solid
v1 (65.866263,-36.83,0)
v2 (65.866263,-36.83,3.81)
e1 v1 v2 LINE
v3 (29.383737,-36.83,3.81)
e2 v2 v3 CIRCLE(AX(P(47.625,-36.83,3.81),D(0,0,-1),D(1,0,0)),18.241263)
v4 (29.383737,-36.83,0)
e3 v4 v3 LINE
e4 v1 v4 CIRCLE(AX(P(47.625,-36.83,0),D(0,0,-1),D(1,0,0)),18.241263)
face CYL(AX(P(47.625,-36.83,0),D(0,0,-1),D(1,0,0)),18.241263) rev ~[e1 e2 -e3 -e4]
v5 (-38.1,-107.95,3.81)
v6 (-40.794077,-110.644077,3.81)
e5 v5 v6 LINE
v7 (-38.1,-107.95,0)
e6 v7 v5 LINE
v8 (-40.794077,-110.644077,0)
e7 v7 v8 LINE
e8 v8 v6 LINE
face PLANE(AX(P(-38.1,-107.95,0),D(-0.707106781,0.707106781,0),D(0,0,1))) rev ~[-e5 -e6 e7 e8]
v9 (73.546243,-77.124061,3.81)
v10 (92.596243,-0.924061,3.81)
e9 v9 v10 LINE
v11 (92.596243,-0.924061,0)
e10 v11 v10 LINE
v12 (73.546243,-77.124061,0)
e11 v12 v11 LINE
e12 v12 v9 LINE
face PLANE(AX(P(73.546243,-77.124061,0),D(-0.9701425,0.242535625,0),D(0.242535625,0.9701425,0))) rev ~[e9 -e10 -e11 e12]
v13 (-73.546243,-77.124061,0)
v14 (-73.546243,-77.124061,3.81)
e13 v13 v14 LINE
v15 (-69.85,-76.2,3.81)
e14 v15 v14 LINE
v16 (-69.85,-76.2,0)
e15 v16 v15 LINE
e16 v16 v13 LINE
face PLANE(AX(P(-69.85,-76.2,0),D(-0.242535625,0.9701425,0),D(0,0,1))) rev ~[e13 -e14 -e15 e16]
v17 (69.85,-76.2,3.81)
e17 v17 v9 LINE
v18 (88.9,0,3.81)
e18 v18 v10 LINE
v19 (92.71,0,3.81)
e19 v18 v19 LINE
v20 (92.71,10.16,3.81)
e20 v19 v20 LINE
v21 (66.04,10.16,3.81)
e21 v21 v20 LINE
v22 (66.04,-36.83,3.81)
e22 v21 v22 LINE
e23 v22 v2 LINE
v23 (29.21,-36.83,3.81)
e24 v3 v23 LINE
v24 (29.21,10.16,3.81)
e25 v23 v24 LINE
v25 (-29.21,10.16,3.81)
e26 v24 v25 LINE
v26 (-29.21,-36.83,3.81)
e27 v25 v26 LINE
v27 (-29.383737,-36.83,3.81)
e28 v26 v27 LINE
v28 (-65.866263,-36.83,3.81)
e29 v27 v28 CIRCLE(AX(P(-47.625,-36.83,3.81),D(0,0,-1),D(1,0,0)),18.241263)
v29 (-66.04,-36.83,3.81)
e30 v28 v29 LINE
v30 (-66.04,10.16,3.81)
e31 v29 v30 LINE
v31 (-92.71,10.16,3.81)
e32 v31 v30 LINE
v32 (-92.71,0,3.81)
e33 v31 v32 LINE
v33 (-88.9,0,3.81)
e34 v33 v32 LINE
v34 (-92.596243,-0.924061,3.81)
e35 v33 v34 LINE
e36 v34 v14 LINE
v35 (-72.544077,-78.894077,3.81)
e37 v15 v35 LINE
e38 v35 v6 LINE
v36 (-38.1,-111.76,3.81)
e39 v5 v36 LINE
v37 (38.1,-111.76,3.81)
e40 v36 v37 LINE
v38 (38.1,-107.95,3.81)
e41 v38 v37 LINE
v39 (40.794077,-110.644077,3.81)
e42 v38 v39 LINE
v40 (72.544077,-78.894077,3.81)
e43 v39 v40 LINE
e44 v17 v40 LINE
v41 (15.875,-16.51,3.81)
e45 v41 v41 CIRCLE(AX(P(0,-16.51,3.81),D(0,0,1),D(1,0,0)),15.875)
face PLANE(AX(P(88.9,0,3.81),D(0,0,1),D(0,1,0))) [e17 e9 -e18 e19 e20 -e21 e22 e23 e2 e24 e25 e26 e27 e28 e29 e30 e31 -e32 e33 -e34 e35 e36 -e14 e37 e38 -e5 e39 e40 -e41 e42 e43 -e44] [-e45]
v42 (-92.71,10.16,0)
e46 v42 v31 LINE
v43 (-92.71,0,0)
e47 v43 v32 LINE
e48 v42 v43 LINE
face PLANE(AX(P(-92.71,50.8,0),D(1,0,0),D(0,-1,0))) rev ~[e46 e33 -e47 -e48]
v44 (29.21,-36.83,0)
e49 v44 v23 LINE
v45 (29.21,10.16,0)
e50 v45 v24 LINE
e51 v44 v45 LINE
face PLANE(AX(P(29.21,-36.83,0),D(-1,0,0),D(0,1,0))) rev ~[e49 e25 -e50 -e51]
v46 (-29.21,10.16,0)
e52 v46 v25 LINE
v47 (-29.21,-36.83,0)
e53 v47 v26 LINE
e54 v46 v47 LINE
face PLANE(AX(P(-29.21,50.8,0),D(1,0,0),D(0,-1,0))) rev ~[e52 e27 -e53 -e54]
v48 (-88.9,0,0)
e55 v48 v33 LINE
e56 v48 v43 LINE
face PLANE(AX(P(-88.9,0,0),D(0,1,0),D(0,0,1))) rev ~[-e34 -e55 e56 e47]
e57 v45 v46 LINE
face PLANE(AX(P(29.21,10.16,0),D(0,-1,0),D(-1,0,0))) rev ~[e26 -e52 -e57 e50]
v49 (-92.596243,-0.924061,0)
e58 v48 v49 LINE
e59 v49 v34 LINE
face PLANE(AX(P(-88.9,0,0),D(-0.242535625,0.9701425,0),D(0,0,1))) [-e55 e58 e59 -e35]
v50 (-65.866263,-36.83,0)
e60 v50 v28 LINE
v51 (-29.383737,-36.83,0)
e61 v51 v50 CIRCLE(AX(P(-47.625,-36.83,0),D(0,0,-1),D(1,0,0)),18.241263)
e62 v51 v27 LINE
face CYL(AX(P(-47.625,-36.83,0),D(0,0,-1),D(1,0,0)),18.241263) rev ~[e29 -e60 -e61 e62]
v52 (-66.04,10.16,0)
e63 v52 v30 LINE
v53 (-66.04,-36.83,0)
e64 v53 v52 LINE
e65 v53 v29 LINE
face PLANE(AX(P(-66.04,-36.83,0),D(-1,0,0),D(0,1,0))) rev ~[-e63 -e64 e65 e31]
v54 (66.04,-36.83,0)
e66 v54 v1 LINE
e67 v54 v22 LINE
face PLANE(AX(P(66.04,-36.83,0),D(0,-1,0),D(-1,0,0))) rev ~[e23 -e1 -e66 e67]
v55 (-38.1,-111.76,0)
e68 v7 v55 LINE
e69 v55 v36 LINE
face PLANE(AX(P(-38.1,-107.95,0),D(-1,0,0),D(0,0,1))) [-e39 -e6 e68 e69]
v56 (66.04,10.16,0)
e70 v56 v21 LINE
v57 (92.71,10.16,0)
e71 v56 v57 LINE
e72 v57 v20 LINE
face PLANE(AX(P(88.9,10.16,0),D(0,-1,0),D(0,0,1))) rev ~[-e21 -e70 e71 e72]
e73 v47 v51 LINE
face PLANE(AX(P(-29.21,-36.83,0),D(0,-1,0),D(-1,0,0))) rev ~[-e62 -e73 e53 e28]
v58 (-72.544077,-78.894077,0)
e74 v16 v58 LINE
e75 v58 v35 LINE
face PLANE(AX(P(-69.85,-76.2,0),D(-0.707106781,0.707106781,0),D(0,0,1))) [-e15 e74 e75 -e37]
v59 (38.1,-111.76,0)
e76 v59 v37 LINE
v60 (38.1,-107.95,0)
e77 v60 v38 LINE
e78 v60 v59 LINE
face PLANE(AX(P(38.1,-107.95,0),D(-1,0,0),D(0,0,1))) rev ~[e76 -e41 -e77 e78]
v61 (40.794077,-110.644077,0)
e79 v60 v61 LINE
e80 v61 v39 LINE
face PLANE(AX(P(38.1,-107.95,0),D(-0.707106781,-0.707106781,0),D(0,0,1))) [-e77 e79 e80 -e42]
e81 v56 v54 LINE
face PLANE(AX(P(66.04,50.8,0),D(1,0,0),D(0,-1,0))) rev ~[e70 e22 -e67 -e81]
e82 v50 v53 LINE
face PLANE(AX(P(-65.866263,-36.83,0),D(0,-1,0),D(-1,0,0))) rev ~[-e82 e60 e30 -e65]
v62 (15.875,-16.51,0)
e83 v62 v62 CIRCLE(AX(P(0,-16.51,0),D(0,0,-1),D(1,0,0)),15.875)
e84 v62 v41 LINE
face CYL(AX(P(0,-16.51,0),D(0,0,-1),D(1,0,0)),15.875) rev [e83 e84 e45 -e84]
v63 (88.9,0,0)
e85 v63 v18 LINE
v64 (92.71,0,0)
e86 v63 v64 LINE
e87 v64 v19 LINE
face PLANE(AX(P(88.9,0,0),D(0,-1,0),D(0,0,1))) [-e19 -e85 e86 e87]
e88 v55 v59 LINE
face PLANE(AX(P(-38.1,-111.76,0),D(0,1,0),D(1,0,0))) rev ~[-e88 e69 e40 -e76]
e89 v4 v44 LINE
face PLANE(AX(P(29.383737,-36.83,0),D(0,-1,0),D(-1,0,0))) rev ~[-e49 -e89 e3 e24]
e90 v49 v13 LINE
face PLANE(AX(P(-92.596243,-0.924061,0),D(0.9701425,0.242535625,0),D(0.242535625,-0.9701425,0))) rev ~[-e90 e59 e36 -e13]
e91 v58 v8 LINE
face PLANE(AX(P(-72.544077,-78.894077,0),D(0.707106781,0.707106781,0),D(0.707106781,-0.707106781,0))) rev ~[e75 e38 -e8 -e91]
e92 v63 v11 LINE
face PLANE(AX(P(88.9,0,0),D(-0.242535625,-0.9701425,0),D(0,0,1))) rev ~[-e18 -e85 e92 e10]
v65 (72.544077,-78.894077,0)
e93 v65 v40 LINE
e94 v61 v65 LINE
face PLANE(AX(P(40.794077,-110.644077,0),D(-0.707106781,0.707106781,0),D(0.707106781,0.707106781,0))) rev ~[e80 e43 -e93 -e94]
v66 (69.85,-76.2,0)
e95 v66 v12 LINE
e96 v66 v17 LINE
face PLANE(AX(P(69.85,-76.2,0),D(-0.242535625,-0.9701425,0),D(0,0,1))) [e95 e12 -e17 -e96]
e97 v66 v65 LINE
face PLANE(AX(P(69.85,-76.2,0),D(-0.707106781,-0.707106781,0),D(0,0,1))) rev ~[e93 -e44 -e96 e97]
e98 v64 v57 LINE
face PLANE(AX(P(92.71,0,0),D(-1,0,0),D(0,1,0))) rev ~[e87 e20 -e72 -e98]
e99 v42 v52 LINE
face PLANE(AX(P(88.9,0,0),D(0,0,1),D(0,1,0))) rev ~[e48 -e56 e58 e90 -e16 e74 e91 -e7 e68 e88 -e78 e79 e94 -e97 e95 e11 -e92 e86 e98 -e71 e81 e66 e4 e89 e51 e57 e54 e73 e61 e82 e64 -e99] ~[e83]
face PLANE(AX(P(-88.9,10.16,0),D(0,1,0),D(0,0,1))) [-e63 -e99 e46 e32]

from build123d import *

# Parameters (mm, degrees)
F0_R      = 15.875
F1_DEPTH  = 3.81
F3_DEPTH  = 40.64
F4_DEPTH  = 3.81
F5_DEPTH  = 3.81
F6_DEPTH  = 3.81
F7_DEPTH  = 3.81
F8_DEPTH  = 3.81
F9_DEPTH  = 3.81
F10_DEPTH = 3.81


with BuildPart() as f1:
    # F0 (on Top) → F1 (new body)
    with BuildSketch(Plane.XY):
        with BuildLine():
            Line((-66.04, 50.8), (-88.9, 50.8))
            Line((-88.9, 50.8), (-88.9, 0))
            Line((-88.9, 0), (-69.85, -76.2))
            Line((-69.85, -76.2), (-38.1, -107.95))
            Line((-38.1, -107.95), (0, -107.95))
            Line((0, -107.95), (38.1, -107.95))
            Line((38.1, -107.95), (69.85, -76.2))
            Line((69.85, -76.2), (88.9, 0))
            Line((88.9, 0), (88.9, 50.8))
            Line((88.9, 50.8), (66.04, 50.8))
            Line((66.04, 50.8), (66.04, 1.27))
            Line((66.04, 1.27), (66.04, -36.83))
            Line((66.04, -36.83), (65.8662626902, -36.83))
            ThreePointArc((65.8662626902, -36.83), (47.625, -55.0712626902), (29.3837373098, -36.83))
            Line((29.3837373098, -36.83), (29.21, -36.83))
            Line((29.21, -36.83), (29.21, 1.27))
            Line((29.21, 1.27), (29.21, 50.8))
            Line((29.21, 50.8), (0, 50.8))
            Line((0, 50.8), (-29.21, 50.8))
            Line((-29.21, 50.8), (-29.21, 1.27))
            Line((-29.21, 1.27), (-29.21, -36.83))
            Line((-29.21, -36.83), (-29.3837373098, -36.83))
            ThreePointArc((-29.3837373098, -36.83), (-47.625, -55.0712626902), (-65.8662626902, -36.83))
            Line((-65.8662626902, -36.83), (-66.04, -36.83))
            Line((-66.04, -36.83), (-66.04, 1.27))
            Line((-66.04, 1.27), (-66.04, 50.8))
        make_face()
        with Locations((0, -16.51)):
            Circle(F0_R, mode=Mode.SUBTRACT)
    extrude(amount=F1_DEPTH)

    # F2: F1 across plane


with BuildPart() as f1_1:
    add(f1.part)
    add(f1.part.mirror(Plane.YZ), mode=Mode.INTERSECT)

    # F3 (cut): faces of the model
    f3_faces = [f1_1.faces().sort_by_distance(p)[0] for p in [
        (0, 50.8, 1.905),
        (77.47, 50.8, 1.905),
        (-77.47, 50.8, 1.905),
    ]]
    extrude(f3_faces, amount=-F3_DEPTH, mode=Mode.SUBTRACT)

    # F4 (add): a face of the model
    f4_faces = [f1_1.faces().sort_by_distance(p)[0] for p in [
        (0, -107.95, 1.905),
    ]]
    extrude(f4_faces, amount=F4_DEPTH)

    # F5 (add): a face of the model
    f5_faces = [f1_1.faces().sort_by_distance(p)[0] for p in [
        (-53.975, -92.075, 1.905),
    ]]
    extrude(f5_faces, amount=F5_DEPTH)

    # F6 (add): a face of the model
    f6_faces = [f1_1.faces().sort_by_distance(p)[0] for p in [
        (-79.375, -38.1, 1.905),
    ]]
    extrude(f6_faces, amount=F6_DEPTH)

    # F7 (add): a face of the model
    f7_faces = [f1_1.faces().sort_by_distance(p)[0] for p in [
        (-88.9, 5.08, 1.905),
    ]]
    extrude(f7_faces, amount=F7_DEPTH)

    # F8 (add): a face of the model
    f8_faces = [f1_1.faces().sort_by_distance(p)[0] for p in [
        (53.975, -92.075, 1.905),
    ]]
    extrude(f8_faces, amount=F8_DEPTH)

    # F9 (add): a face of the model
    f9_faces = [f1_1.faces().sort_by_distance(p)[0] for p in [
        (79.375, -38.1, 1.905),
    ]]
    extrude(f9_faces, amount=F9_DEPTH)

    # F10 (add): a face of the model
    f10_faces = [f1_1.faces().sort_by_distance(p)[0] for p in [
        (88.9, 5.08, 1.905),
    ]]
    extrude(f10_faces, amount=F10_DEPTH)


solid = f1_1.part
